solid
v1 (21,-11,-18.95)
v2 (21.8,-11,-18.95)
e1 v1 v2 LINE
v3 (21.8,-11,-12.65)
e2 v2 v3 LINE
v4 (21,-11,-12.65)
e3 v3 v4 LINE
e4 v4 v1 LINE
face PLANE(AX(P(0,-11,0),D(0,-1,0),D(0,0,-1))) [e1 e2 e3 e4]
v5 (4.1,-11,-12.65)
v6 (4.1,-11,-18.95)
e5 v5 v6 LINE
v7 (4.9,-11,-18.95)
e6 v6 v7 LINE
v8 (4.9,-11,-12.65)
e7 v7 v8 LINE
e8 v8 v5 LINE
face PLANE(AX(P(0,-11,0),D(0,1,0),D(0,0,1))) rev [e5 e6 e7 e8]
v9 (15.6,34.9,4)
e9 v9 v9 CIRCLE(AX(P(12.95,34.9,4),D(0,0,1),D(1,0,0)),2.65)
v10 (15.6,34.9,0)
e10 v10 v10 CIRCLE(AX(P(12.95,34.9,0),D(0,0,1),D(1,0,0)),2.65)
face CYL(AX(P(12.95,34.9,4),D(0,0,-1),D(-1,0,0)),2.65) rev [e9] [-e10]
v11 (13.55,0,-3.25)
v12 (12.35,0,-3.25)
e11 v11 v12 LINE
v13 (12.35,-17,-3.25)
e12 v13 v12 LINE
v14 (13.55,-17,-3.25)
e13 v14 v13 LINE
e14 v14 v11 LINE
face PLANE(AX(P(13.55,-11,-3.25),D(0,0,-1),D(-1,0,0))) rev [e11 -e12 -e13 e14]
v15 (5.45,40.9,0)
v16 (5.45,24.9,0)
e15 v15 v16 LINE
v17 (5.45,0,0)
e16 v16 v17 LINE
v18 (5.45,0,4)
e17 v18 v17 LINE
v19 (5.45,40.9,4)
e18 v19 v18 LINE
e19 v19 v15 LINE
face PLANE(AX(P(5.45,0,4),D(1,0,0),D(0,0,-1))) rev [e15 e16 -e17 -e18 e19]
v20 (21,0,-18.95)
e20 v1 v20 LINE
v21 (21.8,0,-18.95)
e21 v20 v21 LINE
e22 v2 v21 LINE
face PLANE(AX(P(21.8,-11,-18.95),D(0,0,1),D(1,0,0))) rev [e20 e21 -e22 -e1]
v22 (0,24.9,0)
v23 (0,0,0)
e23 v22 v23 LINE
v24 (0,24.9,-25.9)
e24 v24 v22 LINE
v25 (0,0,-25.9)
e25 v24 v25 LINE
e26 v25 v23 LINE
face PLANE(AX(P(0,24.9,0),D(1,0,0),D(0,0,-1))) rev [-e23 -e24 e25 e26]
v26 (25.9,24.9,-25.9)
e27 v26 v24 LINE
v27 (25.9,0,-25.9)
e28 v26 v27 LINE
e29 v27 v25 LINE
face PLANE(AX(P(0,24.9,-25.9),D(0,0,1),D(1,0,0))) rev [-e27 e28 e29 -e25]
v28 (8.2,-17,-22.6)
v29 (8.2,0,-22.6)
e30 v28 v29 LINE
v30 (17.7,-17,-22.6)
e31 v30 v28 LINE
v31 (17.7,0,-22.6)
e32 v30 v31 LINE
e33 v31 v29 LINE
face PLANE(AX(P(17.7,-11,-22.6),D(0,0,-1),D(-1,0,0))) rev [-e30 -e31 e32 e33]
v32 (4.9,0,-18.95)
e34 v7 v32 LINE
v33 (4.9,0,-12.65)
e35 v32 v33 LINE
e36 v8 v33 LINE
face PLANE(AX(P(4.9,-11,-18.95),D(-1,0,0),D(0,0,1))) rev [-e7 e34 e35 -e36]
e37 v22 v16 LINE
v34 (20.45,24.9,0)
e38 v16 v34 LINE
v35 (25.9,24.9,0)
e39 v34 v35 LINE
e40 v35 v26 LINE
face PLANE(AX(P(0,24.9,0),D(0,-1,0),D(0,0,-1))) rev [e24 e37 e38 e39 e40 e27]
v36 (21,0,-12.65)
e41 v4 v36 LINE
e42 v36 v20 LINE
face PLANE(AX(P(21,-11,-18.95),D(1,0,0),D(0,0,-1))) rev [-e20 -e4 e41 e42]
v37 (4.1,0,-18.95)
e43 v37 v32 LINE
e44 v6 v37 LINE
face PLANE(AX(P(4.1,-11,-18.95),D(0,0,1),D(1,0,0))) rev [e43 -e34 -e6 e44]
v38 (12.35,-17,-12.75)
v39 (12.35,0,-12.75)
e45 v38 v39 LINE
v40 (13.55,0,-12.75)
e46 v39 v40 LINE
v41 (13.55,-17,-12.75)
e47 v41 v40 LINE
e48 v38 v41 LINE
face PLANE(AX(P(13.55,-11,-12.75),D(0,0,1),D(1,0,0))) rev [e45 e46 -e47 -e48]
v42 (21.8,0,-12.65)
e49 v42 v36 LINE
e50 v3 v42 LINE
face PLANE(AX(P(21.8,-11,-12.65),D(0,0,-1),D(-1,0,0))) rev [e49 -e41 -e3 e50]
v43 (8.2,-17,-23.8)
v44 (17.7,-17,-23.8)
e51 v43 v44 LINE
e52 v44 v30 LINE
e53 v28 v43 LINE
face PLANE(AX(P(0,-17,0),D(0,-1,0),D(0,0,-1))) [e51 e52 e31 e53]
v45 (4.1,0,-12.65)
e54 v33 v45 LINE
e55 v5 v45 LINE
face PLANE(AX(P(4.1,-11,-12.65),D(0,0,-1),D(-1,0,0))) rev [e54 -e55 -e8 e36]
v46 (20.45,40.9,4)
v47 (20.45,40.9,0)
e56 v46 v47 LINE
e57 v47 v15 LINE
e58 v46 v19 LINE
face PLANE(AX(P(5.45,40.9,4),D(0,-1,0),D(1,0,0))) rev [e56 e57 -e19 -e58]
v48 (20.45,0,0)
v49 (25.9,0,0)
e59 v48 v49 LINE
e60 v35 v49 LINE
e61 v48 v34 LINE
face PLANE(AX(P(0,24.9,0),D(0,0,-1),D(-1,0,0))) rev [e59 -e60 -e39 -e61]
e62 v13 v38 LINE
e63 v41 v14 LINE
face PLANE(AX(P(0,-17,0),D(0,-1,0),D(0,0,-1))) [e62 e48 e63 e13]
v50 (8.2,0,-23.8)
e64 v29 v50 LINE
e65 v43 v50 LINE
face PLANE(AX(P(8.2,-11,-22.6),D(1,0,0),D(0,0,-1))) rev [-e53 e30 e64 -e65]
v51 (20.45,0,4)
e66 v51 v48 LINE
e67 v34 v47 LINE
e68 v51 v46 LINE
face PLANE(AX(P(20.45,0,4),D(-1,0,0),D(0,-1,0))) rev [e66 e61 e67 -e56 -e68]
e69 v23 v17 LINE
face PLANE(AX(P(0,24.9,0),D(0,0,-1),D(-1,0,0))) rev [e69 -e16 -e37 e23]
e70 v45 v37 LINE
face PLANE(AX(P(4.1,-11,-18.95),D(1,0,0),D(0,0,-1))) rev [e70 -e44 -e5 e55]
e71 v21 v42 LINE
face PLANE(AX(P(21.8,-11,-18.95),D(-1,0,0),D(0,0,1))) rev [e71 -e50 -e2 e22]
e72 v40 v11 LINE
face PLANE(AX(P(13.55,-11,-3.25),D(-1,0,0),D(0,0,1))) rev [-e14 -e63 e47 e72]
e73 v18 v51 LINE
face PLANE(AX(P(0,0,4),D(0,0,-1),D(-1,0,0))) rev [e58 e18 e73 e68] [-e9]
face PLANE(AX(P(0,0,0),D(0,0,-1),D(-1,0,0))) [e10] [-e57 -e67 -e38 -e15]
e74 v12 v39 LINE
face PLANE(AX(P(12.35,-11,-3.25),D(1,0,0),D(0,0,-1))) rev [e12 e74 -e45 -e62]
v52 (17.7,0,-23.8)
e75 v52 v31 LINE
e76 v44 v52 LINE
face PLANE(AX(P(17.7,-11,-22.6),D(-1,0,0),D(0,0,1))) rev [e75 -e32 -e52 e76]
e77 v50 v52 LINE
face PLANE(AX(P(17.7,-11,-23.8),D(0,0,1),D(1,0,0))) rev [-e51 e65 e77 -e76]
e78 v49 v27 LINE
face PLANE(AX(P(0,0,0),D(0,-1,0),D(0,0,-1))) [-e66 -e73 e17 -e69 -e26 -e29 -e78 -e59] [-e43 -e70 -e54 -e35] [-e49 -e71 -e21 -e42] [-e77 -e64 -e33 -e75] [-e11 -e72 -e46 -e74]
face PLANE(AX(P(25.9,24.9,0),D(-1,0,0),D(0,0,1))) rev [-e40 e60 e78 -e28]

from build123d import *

# Parameters (mm, degrees)
SKETCH1_W           = 25.9
SKETCH1_H           = 25.9
BOSS_EXTRUDE1_DEPTH = 24.9
SKETCH2_W           = 15
SKETCH2_H           = 40.9
SKETCH2_R           = 2.65
BOSS_EXTRUDE2_DEPTH = 4
SKETCH3_W           = 9.5
SKETCH3_H           = 1.2
SKETCH3_W_2         = 0.8
SKETCH3_H_2         = 6.3
SKETCH3_W_3         = 1.2
SKETCH3_H_3         = 9.5
BOSS_EXTRUDE3_DEPTH = 11
SKETCH5_W           = 1.2
SKETCH5_H           = 9.5
SKETCH5_W_2         = 9.5
SKETCH5_H_2         = 1.2
BOSS_EXTRUDE4_DEPTH = 6


with BuildPart() as part:
    # Sketch1 → Boss-Extrude1 (new body)
    with BuildSketch(Plane(origin=(0, 0, 0), x_dir=(1, 0, 0), z_dir=(0, 1, 0))):
        with Locations((12.95, 12.95)):
            Rectangle(SKETCH1_W, SKETCH1_H)
    extrude(amount=BOSS_EXTRUDE1_DEPTH)

    # Sketch2 → Boss-Extrude2 (add)
    with BuildSketch(Plane.XY):
        with Locations((12.95, 20.45)):
            Rectangle(SKETCH2_W, SKETCH2_H)
        with Locations((12.95, 34.9)):
            Circle(SKETCH2_R, mode=Mode.SUBTRACT)
    extrude(amount=BOSS_EXTRUDE2_DEPTH)

    # Sketch3 → Boss-Extrude3 (add)
    with BuildSketch(Plane.XZ):
        with Locations((12.95, -23.2)):
            Rectangle(SKETCH3_W, SKETCH3_H)
        with Locations((21.4, -15.8)):
            Rectangle(SKETCH3_W_2, SKETCH3_H_2)
        with Locations((4.5, -15.8)):
            Rectangle(SKETCH3_W_2, SKETCH3_H_2)
        with Locations((12.95, -8)):
            Rectangle(SKETCH3_W_3, SKETCH3_H_3)
    extrude(amount=BOSS_EXTRUDE3_DEPTH)

    # Sketch5 → Boss-Extrude4 (add)
    with BuildSketch(Plane.XZ.offset(11)):
        with Locations((12.95, -8)):
            Rectangle(SKETCH5_W, SKETCH5_H)
        with Locations((12.95, -23.2)):
            Rectangle(SKETCH5_W_2, SKETCH5_H_2)
    extrude(amount=BOSS_EXTRUDE4_DEPTH)


solid = part.part
